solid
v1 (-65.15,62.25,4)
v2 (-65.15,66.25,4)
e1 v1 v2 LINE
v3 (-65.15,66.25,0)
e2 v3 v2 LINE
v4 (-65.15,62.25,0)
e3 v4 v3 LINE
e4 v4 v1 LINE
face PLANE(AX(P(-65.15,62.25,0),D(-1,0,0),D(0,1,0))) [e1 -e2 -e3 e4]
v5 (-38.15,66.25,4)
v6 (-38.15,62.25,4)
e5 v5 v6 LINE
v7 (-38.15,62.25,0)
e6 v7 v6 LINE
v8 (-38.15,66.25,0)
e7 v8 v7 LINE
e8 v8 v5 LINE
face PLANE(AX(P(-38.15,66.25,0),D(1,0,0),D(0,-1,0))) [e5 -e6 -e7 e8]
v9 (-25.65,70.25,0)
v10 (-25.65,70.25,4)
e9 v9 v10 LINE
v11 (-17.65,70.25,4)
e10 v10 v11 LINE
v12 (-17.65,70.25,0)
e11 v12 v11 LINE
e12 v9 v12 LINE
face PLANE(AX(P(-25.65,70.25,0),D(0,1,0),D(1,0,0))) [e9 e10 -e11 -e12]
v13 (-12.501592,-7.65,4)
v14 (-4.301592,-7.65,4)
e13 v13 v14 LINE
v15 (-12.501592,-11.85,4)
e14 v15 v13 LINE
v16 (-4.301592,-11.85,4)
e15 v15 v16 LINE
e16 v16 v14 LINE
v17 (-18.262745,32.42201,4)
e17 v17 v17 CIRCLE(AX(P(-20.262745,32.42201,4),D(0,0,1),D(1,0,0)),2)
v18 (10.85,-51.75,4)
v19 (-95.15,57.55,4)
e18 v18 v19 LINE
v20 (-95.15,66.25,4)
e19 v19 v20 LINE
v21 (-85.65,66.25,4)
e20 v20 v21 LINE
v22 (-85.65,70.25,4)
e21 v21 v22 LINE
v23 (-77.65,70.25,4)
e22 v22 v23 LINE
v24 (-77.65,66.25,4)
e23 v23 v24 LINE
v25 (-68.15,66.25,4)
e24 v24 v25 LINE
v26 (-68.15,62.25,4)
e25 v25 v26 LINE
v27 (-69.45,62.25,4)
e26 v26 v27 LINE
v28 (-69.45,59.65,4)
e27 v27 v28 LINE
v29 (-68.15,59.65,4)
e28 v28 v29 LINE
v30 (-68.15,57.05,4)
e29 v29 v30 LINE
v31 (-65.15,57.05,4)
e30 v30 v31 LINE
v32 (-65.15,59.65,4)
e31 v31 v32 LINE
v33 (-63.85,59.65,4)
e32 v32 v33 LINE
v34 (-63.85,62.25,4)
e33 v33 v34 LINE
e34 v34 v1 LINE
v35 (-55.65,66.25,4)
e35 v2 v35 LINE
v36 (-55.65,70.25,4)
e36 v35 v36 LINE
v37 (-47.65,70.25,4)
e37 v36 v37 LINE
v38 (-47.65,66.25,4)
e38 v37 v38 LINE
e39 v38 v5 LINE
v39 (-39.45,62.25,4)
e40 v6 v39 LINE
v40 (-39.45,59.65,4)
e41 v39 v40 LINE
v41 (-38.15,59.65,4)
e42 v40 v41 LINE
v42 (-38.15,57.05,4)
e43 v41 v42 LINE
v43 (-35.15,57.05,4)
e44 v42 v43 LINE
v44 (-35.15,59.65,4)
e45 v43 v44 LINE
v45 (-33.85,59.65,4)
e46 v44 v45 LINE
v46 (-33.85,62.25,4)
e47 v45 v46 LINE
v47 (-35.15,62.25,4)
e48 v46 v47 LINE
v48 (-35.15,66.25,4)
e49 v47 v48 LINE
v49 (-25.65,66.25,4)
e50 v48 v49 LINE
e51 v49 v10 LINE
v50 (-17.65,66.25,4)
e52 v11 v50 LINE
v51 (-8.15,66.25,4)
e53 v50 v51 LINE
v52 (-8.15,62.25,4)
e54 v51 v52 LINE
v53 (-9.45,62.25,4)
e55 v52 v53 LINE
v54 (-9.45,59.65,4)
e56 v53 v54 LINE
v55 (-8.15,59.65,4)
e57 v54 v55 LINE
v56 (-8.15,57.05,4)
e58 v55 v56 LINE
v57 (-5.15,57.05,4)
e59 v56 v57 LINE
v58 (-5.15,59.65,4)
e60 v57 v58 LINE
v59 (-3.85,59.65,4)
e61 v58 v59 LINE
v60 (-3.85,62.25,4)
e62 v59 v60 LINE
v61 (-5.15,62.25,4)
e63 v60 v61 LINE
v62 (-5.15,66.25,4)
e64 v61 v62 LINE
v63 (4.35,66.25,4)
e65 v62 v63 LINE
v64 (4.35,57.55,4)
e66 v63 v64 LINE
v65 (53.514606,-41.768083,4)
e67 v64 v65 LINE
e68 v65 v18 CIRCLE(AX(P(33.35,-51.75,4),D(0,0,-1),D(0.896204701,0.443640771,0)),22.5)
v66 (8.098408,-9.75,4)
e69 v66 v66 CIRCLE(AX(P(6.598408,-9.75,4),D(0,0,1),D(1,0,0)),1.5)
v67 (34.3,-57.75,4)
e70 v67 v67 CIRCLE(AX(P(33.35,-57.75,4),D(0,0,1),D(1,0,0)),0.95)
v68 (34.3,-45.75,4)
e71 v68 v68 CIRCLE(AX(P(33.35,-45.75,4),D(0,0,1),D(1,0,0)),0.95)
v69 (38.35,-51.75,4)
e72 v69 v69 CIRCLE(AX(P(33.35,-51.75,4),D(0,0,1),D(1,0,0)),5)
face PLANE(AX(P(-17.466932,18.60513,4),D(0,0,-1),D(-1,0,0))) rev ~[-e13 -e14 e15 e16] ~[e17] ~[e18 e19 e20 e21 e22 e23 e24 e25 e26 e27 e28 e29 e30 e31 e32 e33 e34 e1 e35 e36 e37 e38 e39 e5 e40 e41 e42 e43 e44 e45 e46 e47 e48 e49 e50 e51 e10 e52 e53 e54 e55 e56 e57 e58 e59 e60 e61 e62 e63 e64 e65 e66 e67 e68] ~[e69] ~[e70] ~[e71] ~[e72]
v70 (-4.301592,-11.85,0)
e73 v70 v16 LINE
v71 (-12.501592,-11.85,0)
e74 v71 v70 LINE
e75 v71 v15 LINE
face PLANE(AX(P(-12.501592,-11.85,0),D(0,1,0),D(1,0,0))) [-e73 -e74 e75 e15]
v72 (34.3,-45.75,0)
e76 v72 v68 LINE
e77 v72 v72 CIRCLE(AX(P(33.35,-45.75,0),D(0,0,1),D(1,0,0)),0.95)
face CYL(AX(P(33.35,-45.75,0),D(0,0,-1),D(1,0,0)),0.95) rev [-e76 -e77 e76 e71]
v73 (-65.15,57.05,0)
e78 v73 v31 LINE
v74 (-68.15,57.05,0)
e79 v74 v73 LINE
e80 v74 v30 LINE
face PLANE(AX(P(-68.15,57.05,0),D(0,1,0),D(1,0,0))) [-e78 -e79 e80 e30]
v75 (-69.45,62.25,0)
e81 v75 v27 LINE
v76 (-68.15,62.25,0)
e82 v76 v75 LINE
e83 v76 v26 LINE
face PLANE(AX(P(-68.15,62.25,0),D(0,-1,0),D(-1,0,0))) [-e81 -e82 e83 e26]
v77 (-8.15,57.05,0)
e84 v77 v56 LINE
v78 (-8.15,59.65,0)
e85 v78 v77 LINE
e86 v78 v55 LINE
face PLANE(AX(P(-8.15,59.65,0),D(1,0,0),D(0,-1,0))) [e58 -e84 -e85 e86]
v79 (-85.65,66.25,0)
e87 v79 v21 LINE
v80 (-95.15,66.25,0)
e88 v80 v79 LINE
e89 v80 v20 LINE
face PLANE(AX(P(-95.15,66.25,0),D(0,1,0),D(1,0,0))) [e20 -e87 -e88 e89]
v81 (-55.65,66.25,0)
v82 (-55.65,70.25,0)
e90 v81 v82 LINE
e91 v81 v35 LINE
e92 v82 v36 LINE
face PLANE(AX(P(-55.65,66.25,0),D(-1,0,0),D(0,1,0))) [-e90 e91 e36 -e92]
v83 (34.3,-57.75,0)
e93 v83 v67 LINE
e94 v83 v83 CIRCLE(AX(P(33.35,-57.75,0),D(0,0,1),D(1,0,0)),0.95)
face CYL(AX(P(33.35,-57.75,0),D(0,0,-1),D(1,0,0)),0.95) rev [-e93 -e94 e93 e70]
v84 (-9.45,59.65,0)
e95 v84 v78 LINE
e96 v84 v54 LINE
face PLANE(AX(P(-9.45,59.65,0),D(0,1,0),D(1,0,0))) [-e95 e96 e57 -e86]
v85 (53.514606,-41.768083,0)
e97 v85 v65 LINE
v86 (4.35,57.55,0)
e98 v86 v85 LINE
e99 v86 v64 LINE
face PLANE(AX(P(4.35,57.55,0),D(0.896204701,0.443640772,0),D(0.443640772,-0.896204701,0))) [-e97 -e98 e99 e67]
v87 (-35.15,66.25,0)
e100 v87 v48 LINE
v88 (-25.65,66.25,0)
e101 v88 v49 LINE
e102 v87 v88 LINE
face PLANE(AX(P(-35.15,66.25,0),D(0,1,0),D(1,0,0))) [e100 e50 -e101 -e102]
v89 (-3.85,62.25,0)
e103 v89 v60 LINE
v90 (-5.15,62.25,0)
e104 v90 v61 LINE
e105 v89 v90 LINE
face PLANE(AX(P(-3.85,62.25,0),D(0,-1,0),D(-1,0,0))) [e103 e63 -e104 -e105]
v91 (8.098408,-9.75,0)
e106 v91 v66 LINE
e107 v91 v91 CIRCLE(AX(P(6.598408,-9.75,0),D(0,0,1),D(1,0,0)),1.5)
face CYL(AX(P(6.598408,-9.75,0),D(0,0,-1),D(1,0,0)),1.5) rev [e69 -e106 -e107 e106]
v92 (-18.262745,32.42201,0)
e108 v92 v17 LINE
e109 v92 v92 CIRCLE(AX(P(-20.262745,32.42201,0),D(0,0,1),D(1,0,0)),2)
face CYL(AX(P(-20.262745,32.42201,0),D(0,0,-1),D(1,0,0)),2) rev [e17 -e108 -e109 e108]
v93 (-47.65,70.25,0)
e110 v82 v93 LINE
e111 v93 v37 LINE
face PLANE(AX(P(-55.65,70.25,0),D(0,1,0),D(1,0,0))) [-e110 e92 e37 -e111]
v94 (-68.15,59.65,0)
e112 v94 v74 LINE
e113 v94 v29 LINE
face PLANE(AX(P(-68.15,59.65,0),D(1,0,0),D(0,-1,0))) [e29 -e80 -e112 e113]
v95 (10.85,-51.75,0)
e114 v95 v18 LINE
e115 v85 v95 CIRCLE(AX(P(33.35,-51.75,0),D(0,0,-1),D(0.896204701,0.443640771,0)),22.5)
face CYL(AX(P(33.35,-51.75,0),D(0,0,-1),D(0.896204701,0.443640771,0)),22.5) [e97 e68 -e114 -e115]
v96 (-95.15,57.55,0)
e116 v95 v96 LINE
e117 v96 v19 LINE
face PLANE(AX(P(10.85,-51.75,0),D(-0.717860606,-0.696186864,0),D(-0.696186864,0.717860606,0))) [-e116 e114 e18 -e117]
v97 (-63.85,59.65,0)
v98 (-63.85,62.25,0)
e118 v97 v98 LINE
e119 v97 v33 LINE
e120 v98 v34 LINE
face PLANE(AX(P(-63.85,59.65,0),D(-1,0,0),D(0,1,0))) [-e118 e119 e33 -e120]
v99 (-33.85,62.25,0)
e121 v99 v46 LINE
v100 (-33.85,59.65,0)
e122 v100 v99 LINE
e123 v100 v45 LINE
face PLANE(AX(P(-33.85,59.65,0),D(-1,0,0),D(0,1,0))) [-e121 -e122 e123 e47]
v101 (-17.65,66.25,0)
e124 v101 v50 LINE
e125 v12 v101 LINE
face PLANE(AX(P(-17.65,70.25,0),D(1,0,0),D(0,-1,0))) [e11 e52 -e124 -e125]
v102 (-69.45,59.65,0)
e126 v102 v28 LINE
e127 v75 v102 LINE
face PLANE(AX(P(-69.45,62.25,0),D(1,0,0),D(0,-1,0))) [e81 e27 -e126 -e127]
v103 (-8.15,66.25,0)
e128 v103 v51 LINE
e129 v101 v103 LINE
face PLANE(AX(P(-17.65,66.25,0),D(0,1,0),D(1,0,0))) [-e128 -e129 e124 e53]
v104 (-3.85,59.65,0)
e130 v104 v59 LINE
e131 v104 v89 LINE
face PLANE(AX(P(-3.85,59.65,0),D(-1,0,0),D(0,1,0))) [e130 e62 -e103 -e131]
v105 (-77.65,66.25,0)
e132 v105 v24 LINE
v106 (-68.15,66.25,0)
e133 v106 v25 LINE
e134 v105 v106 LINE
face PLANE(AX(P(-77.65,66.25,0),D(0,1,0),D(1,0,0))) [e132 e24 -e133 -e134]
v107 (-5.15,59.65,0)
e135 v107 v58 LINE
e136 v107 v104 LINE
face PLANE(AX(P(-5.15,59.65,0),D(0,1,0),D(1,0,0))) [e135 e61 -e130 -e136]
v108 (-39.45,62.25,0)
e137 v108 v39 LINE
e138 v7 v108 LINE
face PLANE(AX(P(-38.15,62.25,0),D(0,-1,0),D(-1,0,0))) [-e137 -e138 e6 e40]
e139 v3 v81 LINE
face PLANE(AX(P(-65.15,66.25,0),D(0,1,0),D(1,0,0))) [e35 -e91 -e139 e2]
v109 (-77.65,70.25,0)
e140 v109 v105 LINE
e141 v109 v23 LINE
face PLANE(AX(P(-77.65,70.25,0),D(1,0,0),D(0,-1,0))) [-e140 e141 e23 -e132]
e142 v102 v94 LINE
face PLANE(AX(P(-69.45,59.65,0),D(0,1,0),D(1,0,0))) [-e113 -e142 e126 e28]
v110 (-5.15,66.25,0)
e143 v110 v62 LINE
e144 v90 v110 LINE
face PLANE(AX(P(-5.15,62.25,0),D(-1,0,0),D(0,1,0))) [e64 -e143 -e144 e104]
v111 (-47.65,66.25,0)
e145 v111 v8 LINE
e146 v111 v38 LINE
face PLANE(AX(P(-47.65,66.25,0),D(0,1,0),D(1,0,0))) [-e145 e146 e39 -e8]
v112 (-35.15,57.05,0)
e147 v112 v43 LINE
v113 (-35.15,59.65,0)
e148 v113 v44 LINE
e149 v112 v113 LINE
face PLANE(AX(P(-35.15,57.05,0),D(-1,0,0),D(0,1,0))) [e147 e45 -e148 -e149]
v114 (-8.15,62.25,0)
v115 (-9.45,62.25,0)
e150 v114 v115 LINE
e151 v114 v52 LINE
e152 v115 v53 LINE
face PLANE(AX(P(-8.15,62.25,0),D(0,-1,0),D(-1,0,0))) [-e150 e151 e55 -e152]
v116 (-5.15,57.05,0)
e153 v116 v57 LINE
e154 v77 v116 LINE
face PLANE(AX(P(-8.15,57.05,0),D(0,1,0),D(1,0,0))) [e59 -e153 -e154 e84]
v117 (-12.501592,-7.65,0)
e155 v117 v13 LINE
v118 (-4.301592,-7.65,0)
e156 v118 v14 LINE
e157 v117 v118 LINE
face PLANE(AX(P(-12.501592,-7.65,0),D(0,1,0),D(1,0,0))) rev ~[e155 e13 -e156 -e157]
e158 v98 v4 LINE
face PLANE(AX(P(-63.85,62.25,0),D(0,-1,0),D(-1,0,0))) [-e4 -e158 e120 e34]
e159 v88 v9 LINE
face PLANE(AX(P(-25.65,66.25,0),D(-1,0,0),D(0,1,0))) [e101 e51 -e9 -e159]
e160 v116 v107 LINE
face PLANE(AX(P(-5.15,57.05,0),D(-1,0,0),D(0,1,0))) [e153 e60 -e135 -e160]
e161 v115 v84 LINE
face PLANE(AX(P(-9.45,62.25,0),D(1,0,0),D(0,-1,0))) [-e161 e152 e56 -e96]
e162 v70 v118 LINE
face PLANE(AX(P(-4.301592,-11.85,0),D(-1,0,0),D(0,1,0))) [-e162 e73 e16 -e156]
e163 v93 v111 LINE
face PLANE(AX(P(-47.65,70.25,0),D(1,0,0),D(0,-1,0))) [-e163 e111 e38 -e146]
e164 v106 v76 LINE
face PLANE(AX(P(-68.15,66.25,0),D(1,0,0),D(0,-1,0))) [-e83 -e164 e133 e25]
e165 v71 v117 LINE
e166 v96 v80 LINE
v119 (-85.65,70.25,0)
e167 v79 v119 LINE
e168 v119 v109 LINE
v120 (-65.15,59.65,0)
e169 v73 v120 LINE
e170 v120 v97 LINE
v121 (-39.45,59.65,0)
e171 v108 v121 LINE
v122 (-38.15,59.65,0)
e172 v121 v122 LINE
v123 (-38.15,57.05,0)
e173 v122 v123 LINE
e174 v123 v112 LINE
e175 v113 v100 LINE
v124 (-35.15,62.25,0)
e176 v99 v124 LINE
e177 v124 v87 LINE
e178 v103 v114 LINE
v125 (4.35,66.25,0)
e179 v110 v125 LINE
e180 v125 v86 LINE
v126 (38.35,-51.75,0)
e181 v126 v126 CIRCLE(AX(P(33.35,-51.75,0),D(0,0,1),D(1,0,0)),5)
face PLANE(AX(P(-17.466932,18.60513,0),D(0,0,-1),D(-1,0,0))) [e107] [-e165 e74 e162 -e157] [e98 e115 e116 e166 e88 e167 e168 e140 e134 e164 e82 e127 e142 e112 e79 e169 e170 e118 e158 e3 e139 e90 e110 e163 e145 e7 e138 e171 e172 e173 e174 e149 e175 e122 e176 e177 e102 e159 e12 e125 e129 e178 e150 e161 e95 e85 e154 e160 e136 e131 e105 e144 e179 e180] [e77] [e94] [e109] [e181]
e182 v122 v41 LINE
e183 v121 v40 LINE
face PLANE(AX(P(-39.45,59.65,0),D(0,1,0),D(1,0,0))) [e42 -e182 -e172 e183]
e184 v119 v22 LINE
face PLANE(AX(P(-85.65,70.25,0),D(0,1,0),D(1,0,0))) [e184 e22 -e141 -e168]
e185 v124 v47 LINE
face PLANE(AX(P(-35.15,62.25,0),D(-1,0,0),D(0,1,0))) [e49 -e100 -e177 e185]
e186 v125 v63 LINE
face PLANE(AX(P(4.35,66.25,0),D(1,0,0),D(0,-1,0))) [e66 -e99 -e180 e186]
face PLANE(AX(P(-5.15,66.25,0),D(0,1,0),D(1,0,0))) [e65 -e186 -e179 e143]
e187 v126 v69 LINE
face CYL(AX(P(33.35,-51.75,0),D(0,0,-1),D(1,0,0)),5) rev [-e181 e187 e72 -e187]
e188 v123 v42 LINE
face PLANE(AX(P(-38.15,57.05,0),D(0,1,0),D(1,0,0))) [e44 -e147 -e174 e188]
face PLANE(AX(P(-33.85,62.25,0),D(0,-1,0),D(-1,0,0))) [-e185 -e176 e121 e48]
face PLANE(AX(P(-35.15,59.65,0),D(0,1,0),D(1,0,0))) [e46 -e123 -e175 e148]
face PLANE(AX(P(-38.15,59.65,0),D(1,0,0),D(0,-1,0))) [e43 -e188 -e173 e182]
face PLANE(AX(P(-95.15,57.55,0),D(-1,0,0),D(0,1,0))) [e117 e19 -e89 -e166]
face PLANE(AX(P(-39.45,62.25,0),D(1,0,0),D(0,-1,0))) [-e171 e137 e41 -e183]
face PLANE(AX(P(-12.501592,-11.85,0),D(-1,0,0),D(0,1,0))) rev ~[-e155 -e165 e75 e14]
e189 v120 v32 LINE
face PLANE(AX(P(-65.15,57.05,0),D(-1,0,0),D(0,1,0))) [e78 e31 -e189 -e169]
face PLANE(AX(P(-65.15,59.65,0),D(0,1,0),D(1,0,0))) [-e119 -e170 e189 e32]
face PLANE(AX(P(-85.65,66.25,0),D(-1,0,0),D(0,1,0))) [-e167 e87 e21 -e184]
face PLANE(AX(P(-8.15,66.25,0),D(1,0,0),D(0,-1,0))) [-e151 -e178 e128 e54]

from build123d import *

# Parameters (mm, degrees)
SKETCH_1_R      = 2
SKETCH_1_R_2    = 1.5
SKETCH_1_R_3    = 5
SKETCH_1_R_4    = 0.95
SKETCH_1_W      = 8.2
SKETCH_1_H      = 4.2
EXTRUDE_1_DEPTH = 4


with BuildPart() as part:
    # 草图1 → 凸台-拉伸1 (new body)
    with BuildSketch(Plane.XY):
        with BuildLine():
            Line((-38.15, 66.25), (-38.15, 62.25))
            Line((-38.15, 62.25), (-39.45, 62.25))
            Line((-39.45, 62.25), (-39.45, 59.65))
            Line((-39.45, 59.65), (-38.15, 59.65))
            Line((-38.15, 59.65), (-38.15, 57.05))
            Line((-38.15, 57.05), (-35.15, 57.05))
            Line((-35.15, 57.05), (-35.15, 59.65))
            Line((-35.15, 59.65), (-33.85, 59.65))
            Line((-33.85, 59.65), (-33.85, 62.25))
            Line((-33.85, 62.25), (-35.15, 62.25))
            Line((-35.15, 62.25), (-35.15, 66.25))
            Line((-35.15, 66.25), (-25.65, 66.25))
            Line((-25.65, 66.25), (-25.65, 70.25))
            Line((-25.65, 70.25), (-17.65, 70.25))
            Line((-17.65, 70.25), (-17.65, 66.25))
            Line((-17.65, 66.25), (-8.15, 66.25))
            Line((-8.15, 66.25), (-8.15, 62.25))
            Line((-8.15, 62.25), (-9.45, 62.25))
            Line((-9.45, 62.25), (-9.45, 59.65))
            Line((-9.45, 59.65), (-8.15, 59.65))
            Line((-8.15, 59.65), (-8.15, 57.05))
            Line((-8.15, 57.05), (-5.15, 57.05))
            Line((-5.15, 57.05), (-5.15, 59.65))
            Line((-5.15, 59.65), (-3.85, 59.65))
            Line((-3.85, 59.65), (-3.85, 62.25))
            Line((-3.85, 62.25), (-5.15, 62.25))
            Line((-5.15, 62.25), (-5.15, 66.25))
            Line((-5.15, 66.25), (4.35, 66.25))
            Line((4.35, 66.25), (4.35, 57.55))
            Line((4.35, 57.55), (53.51460577, -41.768082641))
            ThreePointArc((53.51460577, -41.768082641), (38.475737517, -73.658373169), (10.85, -51.75))
            Line((10.85, -51.75), (-95.15, 57.55))
            Line((-95.15, 57.55), (-95.15, 66.25))
            Line((-95.15, 66.25), (-85.65, 66.25))
            Line((-85.65, 66.25), (-85.65, 70.25))
            Line((-85.65, 70.25), (-77.65, 70.25))
            Line((-77.65, 70.25), (-77.65, 66.25))
            Line((-77.65, 66.25), (-68.15, 66.25))
            Line((-68.15, 66.25), (-68.15, 62.25))
            Line((-68.15, 62.25), (-69.45, 62.25))
            Line((-69.45, 62.25), (-69.45, 59.65))
            Line((-69.45, 59.65), (-68.15, 59.65))
            Line((-68.15, 59.65), (-68.15, 57.05))
            Line((-68.15, 57.05), (-65.15, 57.05))
            Line((-65.15, 57.05), (-65.15, 59.65))
            Line((-65.15, 59.65), (-63.85, 59.65))
            Line((-63.85, 59.65), (-63.85, 62.25))
            Line((-63.85, 62.25), (-65.15, 62.25))
            Line((-65.15, 62.25), (-65.15, 66.25))
            Line((-65.15, 66.25), (-55.65, 66.25))
            Line((-55.65, 66.25), (-55.65, 70.25))
            Line((-55.65, 70.25), (-47.65, 70.25))
            Line((-47.65, 70.25), (-47.65, 66.25))
            Line((-47.65, 66.25), (-38.15, 66.25))
        make_face()
        with Locations((-20.262745434, 32.422010331)):
            Circle(SKETCH_1_R, mode=Mode.SUBTRACT)
        with Locations((6.598407643, -9.75)):
            Circle(SKETCH_1_R_2, mode=Mode.SUBTRACT)
        with Locations((33.35, -51.75)):
            Circle(SKETCH_1_R_3, mode=Mode.SUBTRACT)
        with Locations((33.35, -45.75)):
            Circle(SKETCH_1_R_4, mode=Mode.SUBTRACT)
        with Locations((33.35, -57.75)):
            Circle(SKETCH_1_R_4, mode=Mode.SUBTRACT)
        with Locations((-8.401592357, -9.75)):
            Rectangle(SKETCH_1_W, SKETCH_1_H, mode=Mode.SUBTRACT)
    extrude(amount=EXTRUDE_1_DEPTH)


solid = part.part
